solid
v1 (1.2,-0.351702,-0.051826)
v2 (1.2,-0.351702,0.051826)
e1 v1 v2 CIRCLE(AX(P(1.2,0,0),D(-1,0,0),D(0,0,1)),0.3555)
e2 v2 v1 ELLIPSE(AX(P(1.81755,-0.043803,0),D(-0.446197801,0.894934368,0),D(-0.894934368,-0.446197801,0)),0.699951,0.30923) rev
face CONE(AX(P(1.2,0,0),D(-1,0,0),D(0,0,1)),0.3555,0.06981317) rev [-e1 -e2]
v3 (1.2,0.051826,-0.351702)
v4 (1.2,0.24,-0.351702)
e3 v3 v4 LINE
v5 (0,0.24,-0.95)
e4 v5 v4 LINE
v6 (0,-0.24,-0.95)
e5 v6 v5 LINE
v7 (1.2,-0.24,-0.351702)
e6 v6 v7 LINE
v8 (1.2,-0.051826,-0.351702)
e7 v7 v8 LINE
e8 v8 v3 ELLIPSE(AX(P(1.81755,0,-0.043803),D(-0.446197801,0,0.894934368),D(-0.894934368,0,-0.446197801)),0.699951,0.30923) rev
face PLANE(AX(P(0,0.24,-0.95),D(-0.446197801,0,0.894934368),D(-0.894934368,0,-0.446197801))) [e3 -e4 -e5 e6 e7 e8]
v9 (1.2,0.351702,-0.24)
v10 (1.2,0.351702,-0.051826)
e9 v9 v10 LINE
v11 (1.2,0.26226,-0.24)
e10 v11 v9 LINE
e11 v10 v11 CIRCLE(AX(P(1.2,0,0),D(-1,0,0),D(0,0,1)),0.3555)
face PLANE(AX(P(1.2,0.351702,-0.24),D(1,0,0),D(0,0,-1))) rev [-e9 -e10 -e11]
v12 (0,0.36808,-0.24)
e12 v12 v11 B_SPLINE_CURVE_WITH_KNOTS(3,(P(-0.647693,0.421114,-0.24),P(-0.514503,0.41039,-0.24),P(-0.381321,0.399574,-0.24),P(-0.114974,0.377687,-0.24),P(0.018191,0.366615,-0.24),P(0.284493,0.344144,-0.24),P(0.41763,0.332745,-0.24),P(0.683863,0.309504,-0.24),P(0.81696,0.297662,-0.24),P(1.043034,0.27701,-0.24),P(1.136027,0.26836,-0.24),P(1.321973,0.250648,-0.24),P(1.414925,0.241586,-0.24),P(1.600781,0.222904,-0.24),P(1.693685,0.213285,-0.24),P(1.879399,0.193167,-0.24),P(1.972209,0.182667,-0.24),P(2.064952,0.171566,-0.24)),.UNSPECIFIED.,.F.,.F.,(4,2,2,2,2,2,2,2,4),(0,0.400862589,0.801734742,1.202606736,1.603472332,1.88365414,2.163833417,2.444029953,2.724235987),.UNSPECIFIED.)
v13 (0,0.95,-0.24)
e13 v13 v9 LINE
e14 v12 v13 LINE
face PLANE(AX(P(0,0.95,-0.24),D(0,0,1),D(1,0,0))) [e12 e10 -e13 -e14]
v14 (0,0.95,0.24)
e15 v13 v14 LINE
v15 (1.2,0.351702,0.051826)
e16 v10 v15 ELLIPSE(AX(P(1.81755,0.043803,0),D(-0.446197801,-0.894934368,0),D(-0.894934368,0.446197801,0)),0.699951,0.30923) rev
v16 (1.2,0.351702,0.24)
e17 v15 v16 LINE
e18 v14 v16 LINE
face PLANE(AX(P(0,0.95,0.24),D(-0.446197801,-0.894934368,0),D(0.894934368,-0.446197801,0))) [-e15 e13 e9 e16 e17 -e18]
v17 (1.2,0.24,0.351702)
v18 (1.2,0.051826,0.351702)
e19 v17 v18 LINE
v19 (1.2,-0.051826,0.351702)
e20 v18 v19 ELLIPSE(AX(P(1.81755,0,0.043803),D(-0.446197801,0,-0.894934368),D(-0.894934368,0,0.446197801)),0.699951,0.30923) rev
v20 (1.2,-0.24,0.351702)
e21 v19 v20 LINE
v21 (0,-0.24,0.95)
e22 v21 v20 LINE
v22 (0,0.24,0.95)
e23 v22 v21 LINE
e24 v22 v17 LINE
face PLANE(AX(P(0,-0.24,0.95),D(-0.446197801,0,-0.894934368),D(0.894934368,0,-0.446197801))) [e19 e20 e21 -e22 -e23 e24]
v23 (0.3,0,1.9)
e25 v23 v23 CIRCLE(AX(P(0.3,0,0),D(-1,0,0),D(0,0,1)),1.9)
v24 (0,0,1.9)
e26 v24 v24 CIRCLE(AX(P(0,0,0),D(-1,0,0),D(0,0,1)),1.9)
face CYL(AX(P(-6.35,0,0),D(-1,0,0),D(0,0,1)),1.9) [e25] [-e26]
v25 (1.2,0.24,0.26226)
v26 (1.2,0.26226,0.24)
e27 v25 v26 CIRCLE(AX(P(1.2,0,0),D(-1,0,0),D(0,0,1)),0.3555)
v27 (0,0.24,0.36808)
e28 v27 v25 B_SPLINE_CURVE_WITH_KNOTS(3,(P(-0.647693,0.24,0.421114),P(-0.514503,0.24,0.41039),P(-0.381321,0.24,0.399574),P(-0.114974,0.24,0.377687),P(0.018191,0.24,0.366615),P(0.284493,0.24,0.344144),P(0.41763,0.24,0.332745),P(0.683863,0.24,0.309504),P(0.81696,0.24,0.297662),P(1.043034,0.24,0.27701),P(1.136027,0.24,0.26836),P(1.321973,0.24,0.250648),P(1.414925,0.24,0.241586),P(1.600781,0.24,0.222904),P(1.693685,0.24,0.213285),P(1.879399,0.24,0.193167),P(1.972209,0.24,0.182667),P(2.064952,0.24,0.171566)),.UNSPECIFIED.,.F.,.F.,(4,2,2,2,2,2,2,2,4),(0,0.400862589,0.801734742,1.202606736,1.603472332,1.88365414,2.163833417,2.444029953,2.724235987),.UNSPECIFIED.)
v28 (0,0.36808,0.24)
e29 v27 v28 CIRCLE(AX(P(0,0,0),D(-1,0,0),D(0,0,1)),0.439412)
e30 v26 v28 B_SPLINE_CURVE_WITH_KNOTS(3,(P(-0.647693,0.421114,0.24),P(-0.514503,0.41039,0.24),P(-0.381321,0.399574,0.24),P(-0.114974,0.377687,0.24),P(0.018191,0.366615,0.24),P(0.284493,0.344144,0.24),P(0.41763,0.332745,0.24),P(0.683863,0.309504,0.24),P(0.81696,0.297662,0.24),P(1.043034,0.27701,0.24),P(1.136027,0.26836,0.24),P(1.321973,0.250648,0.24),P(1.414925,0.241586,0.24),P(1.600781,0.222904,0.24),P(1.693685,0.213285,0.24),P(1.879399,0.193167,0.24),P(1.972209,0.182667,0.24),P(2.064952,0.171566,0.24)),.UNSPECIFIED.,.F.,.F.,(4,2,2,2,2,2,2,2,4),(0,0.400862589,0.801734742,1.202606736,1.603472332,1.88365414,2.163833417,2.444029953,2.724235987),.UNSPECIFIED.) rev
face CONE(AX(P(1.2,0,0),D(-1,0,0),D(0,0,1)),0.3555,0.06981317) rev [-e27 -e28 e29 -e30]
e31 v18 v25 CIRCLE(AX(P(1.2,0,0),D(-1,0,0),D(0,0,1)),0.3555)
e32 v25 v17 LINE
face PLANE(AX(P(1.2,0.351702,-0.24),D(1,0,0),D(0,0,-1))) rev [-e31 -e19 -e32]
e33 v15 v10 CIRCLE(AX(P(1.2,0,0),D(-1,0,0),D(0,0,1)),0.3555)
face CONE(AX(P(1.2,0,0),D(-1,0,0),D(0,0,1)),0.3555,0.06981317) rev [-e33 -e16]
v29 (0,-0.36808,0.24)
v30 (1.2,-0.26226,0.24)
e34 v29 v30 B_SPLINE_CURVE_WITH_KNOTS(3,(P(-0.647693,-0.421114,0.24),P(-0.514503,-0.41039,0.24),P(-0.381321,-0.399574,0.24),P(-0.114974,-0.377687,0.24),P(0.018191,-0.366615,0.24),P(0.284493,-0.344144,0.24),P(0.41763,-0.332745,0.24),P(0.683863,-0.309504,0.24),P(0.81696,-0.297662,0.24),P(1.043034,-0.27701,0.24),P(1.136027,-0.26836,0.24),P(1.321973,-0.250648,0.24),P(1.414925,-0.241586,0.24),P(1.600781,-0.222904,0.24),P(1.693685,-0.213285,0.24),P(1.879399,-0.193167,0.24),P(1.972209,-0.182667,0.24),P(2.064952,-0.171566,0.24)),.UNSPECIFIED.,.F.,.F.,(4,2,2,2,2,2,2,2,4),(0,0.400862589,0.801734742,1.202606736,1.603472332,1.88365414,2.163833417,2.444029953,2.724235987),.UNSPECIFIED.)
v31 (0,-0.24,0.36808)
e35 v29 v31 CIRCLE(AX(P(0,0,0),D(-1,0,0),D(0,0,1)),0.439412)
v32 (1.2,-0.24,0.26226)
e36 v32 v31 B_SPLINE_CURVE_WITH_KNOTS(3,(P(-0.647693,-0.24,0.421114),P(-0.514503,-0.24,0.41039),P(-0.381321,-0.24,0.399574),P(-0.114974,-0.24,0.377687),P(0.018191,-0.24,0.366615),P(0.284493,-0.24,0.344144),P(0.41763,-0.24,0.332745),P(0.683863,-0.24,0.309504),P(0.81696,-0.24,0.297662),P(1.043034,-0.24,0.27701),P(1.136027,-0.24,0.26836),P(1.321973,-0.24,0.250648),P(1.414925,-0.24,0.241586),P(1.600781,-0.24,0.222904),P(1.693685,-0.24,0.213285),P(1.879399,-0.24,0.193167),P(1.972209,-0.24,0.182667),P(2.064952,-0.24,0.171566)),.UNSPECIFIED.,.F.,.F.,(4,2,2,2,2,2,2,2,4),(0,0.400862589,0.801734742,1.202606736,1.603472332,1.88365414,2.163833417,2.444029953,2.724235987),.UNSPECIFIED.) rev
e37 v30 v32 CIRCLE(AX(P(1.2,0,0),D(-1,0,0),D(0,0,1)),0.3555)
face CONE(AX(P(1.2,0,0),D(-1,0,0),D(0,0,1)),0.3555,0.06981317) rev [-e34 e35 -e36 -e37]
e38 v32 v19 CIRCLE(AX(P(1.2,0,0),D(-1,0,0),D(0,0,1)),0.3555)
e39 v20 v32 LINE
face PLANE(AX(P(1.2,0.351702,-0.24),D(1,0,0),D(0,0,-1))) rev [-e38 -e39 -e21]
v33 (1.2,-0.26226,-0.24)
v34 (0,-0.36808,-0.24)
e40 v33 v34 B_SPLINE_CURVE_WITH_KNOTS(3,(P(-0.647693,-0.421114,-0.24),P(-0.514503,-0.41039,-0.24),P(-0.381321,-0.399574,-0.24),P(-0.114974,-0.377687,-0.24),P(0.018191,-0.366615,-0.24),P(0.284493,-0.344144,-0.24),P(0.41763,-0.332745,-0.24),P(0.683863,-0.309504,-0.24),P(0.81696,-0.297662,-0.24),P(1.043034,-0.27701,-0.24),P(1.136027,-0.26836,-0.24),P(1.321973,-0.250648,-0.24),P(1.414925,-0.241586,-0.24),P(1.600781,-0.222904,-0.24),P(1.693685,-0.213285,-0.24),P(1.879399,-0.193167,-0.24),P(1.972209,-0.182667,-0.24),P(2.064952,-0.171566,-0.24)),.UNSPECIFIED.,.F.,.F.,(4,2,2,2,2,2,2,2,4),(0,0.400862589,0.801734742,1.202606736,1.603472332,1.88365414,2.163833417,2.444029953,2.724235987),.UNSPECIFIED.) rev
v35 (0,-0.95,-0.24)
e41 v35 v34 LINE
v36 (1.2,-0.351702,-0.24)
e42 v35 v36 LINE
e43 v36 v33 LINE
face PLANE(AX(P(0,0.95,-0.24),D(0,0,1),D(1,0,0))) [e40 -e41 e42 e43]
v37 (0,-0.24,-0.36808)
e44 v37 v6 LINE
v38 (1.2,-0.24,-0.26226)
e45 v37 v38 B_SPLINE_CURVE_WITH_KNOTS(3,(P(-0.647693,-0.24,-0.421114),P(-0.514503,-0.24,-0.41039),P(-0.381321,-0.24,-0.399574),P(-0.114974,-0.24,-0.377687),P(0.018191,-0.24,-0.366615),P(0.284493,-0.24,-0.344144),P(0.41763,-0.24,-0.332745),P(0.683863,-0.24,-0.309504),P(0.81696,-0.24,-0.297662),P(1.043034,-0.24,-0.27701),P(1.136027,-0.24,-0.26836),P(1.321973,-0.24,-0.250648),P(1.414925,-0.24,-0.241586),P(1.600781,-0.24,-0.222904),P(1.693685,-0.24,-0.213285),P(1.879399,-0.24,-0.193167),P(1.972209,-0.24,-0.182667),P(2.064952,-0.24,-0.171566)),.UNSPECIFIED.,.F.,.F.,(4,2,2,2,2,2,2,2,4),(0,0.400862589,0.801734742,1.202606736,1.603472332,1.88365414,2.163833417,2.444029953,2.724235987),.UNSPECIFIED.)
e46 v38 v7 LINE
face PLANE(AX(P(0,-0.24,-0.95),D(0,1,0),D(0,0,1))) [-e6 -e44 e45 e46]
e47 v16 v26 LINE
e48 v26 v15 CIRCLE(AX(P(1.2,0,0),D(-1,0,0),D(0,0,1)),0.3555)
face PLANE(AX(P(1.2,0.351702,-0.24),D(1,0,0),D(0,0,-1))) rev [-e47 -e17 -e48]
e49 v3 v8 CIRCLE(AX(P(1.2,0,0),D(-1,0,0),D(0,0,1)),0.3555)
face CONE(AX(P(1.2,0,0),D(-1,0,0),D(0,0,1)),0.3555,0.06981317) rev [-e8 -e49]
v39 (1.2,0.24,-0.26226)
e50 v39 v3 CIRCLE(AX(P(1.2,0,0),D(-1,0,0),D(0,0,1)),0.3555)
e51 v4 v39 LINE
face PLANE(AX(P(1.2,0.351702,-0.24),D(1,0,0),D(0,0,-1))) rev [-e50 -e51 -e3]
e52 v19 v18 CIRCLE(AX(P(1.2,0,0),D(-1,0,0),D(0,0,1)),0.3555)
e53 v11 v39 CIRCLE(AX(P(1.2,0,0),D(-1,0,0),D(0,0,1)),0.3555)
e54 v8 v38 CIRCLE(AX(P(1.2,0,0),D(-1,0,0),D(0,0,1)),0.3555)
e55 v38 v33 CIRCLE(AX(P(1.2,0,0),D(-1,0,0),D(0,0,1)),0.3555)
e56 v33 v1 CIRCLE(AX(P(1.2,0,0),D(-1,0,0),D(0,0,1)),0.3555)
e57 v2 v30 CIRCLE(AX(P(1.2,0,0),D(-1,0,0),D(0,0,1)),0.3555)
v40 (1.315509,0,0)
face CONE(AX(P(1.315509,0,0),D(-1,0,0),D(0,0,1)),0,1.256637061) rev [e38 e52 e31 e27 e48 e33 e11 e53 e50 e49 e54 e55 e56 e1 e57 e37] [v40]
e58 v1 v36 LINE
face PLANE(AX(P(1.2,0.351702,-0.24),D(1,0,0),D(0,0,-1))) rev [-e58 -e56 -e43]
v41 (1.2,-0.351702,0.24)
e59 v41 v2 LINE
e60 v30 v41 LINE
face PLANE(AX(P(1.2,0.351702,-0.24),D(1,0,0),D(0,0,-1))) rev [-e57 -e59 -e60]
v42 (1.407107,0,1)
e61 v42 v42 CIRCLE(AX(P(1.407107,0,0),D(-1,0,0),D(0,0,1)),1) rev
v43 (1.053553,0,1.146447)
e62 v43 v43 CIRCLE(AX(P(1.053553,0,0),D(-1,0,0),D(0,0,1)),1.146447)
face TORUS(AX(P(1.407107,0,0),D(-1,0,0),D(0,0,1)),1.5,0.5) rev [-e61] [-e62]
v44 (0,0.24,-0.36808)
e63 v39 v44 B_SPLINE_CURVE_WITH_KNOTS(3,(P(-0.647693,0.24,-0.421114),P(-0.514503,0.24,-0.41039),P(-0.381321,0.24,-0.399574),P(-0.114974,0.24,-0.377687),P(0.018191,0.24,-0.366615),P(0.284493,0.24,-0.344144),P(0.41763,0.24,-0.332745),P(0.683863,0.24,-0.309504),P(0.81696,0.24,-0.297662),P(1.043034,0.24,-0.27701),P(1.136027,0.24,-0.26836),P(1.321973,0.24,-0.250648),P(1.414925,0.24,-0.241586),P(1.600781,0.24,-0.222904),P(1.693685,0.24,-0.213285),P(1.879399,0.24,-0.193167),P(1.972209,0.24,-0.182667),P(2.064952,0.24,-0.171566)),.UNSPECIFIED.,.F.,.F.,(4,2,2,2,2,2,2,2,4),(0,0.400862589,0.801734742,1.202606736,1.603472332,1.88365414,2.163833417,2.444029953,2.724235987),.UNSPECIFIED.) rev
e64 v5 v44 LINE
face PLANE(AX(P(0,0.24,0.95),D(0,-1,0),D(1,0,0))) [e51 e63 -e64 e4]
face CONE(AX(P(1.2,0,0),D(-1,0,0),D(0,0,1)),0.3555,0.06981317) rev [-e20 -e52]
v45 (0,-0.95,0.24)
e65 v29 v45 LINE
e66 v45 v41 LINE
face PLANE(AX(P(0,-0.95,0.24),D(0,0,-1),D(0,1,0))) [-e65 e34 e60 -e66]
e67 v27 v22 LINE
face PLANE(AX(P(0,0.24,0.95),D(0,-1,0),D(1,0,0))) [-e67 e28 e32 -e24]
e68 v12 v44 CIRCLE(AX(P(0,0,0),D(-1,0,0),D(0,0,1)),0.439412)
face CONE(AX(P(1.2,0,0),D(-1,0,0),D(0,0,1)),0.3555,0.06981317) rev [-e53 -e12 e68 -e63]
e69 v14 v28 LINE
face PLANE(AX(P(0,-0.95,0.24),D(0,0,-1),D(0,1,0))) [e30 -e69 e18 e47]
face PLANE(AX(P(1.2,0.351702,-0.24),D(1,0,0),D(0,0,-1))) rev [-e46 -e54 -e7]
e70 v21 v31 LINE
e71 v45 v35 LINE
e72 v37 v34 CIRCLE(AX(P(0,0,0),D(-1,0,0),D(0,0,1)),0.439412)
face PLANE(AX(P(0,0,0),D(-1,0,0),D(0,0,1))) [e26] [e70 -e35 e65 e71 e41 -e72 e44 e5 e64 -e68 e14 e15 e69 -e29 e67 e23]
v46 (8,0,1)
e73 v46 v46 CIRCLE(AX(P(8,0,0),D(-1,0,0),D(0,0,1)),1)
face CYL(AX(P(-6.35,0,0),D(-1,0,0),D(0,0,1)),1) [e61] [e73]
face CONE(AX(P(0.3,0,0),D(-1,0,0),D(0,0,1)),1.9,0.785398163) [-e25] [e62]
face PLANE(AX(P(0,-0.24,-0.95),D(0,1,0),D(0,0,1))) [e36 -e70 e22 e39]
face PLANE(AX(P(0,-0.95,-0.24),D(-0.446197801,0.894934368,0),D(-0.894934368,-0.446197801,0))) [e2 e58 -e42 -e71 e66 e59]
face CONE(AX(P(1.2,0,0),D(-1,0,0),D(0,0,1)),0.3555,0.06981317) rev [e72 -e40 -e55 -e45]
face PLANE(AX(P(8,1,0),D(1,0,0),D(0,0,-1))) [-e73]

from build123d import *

# Parameters (mm, degrees)
FILLET1_R    = 0.5
SKETCH3_W    = 0.48
SKETCH3_H    = 1.9
SKETCH4_W    = 0.48
SKETCH4_H    = 0.703404182
RECPAT_COUNT = 2
RECPAT_ANGLE = 90


with BuildPart() as part:
    # BodySke → Base-Revolve (revolve)
    with BuildSketch(Plane.XY):
        Polygon((0, 0), (0, 1.9), (0.3, 1.9), (1.2, 1), (8, 1), (8, 0), align=None)
    revolve(axis=Axis((-6.35, 0, 0), (1, 0, 0)))

    # Fillet1
    fillet1_edges = [part.edges().sort_by_distance(p)[0] for p in [
        (1.2, -1, 0),
    ]]
    fillet(fillet1_edges, radius=FILLET1_R)

    # Sketch3 → Recess section 0
    with BuildSketch(Plane.ZY):
        Rectangle(SKETCH3_W, SKETCH3_H)
    # Sketch4 → Recess section 1
    with BuildSketch(Plane.ZY.offset(-1.2)):
        Rectangle(SKETCH4_W, SKETCH4_H)
    recess = loft(mode=Mode.SUBTRACT)

    # RecPat: Recess ×2 about axis
    recpat_axis = Axis((0, 0, 0), (1, 0, 0))
    for i in range(1, RECPAT_COUNT):
        add(recess.rotate(recpat_axis, i * RECPAT_ANGLE / (RECPAT_COUNT - 1)), mode=Mode.SUBTRACT)

    # RecCorSke → RecessCore (revolve, cut)
    with BuildSketch(Plane.XY):
        Polygon((0, 0), (0, 0.439412174), (1.2, 0.3555), (1.315508952, 0), align=None)
    revolve(axis=Axis((-3.175, 0, 0), (1, 0, 0)), mode=Mode.SUBTRACT)


solid = part.part
